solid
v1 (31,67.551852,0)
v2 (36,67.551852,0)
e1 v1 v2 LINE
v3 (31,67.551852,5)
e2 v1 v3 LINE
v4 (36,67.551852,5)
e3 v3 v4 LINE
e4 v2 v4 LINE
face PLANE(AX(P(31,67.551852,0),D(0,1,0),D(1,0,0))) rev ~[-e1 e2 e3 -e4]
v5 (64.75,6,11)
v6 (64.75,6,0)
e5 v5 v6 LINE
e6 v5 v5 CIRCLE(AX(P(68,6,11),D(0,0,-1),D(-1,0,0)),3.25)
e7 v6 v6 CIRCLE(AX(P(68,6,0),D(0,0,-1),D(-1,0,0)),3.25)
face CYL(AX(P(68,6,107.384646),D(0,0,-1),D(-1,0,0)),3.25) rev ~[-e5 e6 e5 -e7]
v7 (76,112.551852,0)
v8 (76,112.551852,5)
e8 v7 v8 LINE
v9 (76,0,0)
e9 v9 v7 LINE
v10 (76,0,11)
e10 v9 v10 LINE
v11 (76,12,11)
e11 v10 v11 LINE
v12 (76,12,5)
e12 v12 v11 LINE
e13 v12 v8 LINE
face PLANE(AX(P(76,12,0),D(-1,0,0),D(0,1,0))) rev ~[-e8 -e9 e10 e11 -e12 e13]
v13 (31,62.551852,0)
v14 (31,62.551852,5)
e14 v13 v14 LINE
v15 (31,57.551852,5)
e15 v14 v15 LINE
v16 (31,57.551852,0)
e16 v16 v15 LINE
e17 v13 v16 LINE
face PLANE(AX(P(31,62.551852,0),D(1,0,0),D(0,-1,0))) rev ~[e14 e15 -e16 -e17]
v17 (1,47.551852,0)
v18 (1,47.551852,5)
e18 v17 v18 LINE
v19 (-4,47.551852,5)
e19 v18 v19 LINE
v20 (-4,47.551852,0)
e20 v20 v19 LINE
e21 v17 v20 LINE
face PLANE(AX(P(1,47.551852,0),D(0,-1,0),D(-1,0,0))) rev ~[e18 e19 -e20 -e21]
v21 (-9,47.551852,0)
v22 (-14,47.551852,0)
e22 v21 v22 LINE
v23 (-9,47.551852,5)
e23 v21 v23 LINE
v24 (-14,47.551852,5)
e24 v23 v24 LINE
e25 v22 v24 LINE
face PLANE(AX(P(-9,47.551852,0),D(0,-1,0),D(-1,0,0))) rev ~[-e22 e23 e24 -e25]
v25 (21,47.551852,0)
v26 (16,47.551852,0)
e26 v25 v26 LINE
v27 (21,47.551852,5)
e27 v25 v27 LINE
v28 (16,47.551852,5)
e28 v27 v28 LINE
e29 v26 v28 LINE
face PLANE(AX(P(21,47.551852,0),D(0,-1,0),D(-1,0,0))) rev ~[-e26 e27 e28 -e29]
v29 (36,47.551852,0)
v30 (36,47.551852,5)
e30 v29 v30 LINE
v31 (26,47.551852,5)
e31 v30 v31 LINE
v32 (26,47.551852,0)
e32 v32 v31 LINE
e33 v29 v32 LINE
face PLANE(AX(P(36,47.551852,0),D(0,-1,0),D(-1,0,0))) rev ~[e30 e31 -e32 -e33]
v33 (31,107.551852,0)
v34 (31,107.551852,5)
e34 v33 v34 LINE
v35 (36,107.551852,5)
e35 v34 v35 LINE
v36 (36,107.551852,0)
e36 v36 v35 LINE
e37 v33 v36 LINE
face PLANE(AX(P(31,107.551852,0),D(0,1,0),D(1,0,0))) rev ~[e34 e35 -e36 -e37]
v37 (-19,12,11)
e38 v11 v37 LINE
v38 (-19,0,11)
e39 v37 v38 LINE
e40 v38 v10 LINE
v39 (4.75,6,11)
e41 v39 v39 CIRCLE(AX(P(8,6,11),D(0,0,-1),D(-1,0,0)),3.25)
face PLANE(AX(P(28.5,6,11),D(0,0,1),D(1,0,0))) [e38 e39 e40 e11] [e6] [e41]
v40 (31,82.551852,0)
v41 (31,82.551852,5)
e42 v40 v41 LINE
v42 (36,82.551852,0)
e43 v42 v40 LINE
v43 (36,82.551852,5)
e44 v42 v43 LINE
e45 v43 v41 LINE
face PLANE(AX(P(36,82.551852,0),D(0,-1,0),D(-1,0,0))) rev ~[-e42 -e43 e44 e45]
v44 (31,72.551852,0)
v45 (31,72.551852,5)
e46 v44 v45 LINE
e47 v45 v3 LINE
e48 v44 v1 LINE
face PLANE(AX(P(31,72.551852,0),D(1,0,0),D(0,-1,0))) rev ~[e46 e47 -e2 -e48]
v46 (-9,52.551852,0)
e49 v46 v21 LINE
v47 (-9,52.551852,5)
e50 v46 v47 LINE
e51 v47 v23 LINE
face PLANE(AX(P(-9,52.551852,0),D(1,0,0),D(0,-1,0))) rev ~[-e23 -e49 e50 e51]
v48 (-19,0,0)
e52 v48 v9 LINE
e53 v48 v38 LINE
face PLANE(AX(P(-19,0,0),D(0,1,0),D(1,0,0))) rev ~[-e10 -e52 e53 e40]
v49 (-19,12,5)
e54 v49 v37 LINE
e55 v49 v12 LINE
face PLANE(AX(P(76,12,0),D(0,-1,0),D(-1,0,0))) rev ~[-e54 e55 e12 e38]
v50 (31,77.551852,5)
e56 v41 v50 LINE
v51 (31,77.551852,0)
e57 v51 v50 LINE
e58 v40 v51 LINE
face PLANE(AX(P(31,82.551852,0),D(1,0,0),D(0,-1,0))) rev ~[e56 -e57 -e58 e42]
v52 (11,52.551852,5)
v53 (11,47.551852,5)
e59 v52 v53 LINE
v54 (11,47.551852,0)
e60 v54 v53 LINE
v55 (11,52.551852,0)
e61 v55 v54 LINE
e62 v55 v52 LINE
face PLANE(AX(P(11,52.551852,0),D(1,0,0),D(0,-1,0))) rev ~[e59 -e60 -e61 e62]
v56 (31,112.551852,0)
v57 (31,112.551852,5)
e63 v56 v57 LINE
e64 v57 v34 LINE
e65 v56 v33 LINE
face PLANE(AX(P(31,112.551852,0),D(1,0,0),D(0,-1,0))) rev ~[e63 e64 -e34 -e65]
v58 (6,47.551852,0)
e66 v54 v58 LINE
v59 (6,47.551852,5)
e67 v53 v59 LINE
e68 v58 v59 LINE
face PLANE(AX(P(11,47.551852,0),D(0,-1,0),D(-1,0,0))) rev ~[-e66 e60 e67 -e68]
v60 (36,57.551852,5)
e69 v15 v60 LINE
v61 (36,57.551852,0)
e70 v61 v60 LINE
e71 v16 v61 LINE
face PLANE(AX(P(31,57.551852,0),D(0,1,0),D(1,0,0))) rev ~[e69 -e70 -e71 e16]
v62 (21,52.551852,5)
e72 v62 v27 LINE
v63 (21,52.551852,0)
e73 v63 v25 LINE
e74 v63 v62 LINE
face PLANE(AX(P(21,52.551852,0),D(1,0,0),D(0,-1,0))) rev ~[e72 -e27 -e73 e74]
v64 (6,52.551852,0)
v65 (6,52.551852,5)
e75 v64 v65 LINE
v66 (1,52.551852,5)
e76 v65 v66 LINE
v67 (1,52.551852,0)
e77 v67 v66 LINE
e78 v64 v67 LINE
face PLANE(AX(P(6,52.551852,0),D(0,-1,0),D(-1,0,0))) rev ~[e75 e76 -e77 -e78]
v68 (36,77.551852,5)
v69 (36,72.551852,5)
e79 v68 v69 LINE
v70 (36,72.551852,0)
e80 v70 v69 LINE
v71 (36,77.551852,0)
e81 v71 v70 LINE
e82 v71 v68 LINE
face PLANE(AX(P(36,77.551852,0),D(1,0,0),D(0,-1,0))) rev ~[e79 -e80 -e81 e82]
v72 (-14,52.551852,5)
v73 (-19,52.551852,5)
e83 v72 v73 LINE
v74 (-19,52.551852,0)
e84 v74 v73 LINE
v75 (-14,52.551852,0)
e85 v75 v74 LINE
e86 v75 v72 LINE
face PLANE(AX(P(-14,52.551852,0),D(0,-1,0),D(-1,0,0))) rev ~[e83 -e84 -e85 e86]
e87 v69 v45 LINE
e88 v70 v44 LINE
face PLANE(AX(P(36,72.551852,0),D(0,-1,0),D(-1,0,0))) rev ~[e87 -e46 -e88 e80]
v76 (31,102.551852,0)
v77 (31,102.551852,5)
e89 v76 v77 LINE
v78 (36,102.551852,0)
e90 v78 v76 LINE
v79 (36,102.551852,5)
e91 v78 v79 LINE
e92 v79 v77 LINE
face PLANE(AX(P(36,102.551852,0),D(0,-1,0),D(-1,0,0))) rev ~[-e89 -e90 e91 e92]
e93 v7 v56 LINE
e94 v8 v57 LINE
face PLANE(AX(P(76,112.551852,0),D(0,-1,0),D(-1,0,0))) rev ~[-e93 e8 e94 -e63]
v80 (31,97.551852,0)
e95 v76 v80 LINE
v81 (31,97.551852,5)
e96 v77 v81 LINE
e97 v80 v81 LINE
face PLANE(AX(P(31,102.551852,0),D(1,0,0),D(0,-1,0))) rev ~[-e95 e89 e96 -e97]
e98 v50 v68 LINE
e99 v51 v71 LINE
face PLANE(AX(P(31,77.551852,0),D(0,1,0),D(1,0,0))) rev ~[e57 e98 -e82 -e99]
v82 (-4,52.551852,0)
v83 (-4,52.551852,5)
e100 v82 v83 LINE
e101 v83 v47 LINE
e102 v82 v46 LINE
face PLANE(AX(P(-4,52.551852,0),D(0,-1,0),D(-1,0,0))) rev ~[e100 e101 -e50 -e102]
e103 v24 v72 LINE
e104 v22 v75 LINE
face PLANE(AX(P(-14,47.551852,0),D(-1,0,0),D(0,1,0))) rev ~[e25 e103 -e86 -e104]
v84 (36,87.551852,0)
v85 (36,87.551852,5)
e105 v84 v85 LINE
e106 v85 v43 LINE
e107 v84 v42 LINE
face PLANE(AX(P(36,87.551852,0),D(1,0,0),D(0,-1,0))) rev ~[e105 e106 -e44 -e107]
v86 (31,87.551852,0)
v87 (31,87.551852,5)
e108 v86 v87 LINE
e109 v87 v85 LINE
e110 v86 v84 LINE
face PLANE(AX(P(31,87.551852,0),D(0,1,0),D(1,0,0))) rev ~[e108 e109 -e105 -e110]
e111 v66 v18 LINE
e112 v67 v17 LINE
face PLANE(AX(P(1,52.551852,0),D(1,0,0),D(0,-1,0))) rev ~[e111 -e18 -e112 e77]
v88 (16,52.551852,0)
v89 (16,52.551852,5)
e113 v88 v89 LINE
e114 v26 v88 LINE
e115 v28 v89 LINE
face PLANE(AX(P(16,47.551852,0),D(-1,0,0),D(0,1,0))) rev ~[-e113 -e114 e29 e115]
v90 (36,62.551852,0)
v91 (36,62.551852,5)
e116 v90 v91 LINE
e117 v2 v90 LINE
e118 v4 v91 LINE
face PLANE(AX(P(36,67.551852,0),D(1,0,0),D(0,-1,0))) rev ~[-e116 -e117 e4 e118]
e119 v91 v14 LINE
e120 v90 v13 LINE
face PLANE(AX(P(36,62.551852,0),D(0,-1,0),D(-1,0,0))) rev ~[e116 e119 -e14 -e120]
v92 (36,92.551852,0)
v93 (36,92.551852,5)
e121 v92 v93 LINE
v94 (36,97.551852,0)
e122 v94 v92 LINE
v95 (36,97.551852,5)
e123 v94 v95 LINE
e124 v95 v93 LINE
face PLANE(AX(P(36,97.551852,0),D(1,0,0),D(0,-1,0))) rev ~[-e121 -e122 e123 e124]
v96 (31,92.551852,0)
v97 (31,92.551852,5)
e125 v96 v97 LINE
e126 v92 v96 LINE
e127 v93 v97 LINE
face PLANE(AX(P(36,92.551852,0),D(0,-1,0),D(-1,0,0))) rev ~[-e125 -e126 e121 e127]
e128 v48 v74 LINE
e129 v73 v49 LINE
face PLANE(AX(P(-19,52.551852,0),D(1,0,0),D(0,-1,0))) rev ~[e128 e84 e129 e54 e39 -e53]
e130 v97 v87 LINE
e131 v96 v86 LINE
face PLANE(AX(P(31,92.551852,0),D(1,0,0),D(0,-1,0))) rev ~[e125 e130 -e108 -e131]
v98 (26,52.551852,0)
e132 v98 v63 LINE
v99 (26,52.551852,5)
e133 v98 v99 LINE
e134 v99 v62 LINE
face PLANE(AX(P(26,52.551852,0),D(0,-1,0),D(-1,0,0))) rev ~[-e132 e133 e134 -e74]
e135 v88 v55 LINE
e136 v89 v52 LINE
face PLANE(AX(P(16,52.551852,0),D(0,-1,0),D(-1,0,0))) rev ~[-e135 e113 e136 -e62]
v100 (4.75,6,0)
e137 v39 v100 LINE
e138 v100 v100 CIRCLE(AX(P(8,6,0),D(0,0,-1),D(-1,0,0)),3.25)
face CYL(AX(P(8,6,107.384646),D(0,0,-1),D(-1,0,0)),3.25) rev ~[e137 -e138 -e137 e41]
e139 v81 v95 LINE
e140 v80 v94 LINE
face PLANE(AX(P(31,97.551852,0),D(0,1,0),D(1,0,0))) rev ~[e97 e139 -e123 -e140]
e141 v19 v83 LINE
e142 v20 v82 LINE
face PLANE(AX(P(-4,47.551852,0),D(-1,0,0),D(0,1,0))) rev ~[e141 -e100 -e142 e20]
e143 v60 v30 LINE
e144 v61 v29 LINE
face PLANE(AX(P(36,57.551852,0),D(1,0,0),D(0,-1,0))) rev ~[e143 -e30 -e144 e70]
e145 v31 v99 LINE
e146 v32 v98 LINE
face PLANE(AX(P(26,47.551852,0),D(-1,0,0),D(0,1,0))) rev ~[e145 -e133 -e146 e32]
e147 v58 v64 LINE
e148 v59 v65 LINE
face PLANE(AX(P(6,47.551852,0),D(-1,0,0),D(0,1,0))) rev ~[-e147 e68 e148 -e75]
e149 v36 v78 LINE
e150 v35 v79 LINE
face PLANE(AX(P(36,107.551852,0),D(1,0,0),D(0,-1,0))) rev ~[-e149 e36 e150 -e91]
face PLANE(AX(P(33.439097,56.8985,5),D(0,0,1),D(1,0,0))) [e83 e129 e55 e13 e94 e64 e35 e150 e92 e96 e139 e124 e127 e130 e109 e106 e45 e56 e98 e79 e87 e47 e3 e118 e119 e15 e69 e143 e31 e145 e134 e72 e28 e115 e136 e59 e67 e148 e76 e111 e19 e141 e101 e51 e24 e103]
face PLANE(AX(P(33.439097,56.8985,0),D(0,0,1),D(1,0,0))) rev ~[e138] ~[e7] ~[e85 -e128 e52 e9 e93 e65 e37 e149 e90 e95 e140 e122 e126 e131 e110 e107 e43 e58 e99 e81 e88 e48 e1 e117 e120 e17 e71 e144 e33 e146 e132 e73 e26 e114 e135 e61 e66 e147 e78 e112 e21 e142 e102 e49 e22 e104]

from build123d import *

# Parameters (mm, degrees)
F1_DEPTH = 11
F3_D     = 6.5
F4_D     = 6.5
F5_DEPTH = 5


with BuildPart() as f1:
    # F0 (on Top) → F1 (new body)
    with BuildSketch(Plane.XY):
        Polygon((-19, 0), (0, 0), (76, 0), (76, 12), (0, 12), (-19, 12), align=None)
    extrude(amount=F1_DEPTH)

    # F3 (through all)
    with Locations(Plane.XY.offset(11)):
        with Locations((8, 6)):
            Hole(F3_D / 2)

    # F4 (through all)
    with Locations(Plane.XY.offset(11)):
        with Locations((68, 6)):
            Hole(F4_D / 2)

    # F0 (on Top) → F5 (join)
    with BuildSketch(Plane.XY):
        Polygon((0, 12), (76, 12), (76, 52.551852), (76, 55), (76, 112.551852), (31, 112.551852), (31, 107.551852), (36, 107.551852), (36, 102.551852), (31, 102.551852), (31, 97.551852), (36, 97.551852), (36, 92.551852), (31, 92.551852), (31, 87.551852), (36, 87.551852), (36, 82.551852), (31, 82.551852), (31, 77.551852), (36, 77.551852), (36, 72.551852), (31, 72.551852), (31, 67.551852), (36, 67.551852), (36, 62.551852), (31, 62.551852), (31, 57.551852), (36, 57.551852), (36, 52.551852), (36, 47.551852), (26, 47.551852), (26, 52.551852), (21, 52.551852), (21, 47.551852), (16, 47.551852), (16, 52.551852), (11, 52.551852), (11, 47.551852), (6, 47.551852), (6, 52.551852), (1, 52.551852), (1, 47.551852), (-4, 47.551852), (-4, 52.551852), (-9, 52.551852), (-9, 47.551852), (-14, 47.551852), (-14, 52.551852), (-19, 52.551852), (-19, 47.551852), (-19, 12), align=None)
    extrude(amount=F5_DEPTH)


solid = f1.part
